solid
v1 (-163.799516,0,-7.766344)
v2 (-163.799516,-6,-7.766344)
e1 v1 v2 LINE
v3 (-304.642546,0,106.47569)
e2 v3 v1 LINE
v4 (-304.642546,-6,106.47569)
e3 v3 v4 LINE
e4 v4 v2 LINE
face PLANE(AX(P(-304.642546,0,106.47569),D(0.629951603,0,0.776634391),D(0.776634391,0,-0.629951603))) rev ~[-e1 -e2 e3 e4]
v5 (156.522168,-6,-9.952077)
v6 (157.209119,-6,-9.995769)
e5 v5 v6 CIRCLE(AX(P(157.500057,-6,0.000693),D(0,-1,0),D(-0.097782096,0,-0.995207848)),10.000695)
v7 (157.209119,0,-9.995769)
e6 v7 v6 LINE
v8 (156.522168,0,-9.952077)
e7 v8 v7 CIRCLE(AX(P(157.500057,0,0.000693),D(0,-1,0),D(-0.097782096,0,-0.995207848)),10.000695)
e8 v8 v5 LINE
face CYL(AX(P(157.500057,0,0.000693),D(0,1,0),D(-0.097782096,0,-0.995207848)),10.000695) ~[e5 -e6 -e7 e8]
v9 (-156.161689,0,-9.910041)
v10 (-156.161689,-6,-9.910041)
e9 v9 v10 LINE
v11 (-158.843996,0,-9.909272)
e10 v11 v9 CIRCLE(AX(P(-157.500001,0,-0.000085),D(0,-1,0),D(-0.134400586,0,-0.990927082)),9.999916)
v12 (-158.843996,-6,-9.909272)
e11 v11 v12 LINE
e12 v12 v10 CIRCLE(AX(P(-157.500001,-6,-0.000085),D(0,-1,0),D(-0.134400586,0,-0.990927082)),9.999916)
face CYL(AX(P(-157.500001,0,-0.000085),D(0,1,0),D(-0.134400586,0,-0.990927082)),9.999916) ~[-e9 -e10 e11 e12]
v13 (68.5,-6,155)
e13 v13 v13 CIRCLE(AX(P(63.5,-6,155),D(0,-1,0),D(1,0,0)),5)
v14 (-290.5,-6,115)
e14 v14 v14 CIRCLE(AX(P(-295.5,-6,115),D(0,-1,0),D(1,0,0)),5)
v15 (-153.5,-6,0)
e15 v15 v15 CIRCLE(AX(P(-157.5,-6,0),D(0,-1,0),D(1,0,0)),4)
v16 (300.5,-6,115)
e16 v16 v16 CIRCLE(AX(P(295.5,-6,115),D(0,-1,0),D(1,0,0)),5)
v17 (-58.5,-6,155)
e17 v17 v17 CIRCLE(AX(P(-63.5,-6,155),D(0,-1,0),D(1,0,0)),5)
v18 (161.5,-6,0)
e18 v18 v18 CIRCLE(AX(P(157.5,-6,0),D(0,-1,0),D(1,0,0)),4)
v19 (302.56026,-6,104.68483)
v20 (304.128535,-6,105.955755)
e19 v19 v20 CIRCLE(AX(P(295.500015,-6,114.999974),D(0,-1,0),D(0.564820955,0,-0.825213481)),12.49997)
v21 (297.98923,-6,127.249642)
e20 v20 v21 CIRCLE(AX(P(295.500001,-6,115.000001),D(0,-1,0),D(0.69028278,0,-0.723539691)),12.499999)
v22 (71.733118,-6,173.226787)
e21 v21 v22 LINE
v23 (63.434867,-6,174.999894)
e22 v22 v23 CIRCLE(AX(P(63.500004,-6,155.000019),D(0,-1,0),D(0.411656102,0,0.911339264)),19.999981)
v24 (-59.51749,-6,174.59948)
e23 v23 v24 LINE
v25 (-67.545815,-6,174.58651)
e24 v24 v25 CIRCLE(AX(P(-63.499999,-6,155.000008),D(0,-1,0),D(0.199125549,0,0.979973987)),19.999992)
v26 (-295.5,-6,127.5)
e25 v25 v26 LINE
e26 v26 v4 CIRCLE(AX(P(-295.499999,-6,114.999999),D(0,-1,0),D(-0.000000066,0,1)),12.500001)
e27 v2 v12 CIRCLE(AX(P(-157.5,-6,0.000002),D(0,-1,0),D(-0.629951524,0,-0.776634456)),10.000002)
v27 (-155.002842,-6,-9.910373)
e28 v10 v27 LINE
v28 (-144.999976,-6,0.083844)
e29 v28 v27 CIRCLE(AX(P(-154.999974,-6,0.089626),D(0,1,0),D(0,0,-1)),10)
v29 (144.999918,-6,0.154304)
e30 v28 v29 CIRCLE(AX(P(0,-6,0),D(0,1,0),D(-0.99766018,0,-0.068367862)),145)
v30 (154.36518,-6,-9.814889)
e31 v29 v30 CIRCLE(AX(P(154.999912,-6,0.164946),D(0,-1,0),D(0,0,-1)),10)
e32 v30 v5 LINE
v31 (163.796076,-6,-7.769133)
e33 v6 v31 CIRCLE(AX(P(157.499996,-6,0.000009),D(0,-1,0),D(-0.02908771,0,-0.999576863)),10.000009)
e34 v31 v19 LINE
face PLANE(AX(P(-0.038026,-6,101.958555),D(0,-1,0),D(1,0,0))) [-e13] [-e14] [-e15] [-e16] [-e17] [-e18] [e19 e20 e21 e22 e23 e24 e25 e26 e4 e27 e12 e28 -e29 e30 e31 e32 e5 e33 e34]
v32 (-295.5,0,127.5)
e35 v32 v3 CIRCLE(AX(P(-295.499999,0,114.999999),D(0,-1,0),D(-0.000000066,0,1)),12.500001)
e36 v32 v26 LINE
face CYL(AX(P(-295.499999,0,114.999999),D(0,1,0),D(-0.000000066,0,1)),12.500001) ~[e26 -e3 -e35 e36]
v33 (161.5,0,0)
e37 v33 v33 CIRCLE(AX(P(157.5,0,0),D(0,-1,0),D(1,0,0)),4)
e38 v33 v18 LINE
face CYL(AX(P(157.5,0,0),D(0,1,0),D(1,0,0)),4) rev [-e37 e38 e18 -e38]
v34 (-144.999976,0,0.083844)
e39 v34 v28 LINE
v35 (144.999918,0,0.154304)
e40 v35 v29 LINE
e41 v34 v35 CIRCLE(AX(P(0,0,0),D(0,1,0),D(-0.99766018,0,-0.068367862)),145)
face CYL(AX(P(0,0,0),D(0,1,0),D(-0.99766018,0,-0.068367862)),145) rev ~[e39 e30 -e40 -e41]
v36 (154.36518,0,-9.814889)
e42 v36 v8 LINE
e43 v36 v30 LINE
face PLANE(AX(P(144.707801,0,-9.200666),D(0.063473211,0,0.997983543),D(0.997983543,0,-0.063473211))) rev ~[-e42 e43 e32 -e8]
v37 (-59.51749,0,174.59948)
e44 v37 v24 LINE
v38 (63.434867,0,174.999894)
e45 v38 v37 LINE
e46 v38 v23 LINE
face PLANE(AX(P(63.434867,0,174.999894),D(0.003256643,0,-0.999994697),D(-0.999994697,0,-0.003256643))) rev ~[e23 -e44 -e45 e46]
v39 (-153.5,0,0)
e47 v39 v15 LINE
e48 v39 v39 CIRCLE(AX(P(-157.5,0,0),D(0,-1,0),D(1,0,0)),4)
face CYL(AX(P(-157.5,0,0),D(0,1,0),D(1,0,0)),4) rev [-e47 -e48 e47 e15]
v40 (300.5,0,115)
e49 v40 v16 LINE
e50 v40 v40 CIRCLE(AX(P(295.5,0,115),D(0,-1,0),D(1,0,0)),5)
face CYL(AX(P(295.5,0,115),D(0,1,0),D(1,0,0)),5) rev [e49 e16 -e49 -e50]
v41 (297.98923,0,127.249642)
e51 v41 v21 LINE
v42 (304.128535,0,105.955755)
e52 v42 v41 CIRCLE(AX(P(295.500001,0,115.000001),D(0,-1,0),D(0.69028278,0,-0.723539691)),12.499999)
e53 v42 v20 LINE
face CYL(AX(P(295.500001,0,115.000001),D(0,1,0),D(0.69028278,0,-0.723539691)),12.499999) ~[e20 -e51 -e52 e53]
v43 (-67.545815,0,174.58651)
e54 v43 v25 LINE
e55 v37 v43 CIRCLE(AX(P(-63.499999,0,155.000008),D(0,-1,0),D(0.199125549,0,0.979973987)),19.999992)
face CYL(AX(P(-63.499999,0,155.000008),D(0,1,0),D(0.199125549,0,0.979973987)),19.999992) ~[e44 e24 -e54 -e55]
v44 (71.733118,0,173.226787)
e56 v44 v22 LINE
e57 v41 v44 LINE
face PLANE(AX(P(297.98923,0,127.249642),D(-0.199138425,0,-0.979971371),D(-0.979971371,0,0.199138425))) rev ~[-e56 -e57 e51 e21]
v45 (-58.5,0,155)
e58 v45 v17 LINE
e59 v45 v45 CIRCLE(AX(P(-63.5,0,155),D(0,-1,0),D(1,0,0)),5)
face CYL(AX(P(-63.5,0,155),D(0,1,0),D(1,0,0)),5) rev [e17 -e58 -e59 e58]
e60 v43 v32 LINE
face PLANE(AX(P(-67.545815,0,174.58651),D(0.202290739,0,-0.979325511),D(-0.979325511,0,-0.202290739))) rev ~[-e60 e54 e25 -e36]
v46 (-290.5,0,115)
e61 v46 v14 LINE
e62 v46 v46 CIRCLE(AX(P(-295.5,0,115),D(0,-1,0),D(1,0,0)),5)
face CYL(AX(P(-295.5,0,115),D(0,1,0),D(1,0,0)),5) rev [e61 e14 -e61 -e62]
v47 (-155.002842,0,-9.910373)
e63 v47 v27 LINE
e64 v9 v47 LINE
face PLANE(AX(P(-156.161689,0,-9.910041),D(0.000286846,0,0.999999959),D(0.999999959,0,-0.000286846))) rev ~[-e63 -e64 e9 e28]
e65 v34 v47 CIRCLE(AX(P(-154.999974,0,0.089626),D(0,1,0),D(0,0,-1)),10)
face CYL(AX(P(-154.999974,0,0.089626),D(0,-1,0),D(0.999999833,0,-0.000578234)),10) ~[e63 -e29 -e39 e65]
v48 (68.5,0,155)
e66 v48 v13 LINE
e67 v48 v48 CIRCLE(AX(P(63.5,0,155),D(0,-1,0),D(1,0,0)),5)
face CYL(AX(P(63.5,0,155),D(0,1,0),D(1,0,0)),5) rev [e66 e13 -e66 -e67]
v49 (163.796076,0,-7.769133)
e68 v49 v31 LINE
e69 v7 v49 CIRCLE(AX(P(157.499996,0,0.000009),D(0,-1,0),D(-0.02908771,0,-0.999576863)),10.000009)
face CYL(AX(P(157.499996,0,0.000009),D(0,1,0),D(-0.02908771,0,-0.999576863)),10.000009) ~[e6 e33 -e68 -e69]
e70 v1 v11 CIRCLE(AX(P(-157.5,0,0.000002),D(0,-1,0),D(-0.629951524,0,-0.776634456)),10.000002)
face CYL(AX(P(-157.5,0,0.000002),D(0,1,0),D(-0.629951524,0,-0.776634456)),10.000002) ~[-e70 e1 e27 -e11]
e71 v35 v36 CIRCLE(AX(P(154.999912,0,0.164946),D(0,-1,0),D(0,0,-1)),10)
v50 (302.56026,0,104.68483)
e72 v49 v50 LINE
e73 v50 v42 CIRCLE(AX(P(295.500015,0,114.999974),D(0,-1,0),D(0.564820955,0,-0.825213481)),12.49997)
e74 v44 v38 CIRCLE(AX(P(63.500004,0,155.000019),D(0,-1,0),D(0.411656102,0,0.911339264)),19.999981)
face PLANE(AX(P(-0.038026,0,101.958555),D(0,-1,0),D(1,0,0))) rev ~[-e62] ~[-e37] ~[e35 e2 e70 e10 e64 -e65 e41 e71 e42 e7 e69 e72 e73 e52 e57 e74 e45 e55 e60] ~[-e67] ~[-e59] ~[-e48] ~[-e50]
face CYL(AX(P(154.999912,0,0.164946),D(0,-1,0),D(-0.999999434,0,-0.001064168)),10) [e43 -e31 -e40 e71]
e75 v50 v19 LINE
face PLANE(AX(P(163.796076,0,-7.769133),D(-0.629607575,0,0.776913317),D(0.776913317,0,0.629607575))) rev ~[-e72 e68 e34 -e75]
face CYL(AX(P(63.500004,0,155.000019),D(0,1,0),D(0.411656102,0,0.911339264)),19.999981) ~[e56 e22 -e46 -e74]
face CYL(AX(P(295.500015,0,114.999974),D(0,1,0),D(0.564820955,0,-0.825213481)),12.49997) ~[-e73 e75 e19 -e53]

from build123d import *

# Parameters (mm, degrees)
F0_R     = 4
F0_R_2   = 5
F1_DEPTH = 6
F2_R     = 10


with BuildPart() as f1:
    # F0 (on Front) → F1 (new body)
    with BuildSketch(Plane.XZ):
        with BuildLine():
            ThreePointArc((-144.660726, -9.91334), (-0.357114, 144.99956), (144.707801, -9.200666))
            Line((144.707801, -9.200666), (156.522168, -9.952077))
            Line((156.522168, -9.952077), (157.209119, -9.995769))
            ThreePointArc((157.209119, -9.995769), (160.702353, -9.47338), (163.796076, -7.769133))
            Line((163.796076, -7.769133), (302.56026, 104.68483))
            Line((302.56026, 104.68483), (304.128535, 105.955755))
            ThreePointArc((304.128535, 105.955755), (307.51077, 118.462861), (297.98923, 127.249642))
            Line((297.98923, 127.249642), (71.733118, 173.226787))
            ThreePointArc((71.733118, 173.226787), (67.679112, 174.558503), (63.434867, 174.999894))
            Line((63.434867, 174.999894), (-59.51749, 174.59948))
            ThreePointArc((-59.51749, 174.59948), (-63.53231, 174.999974), (-67.545815, 174.58651))
            Line((-67.545815, 174.58651), (-295.5, 127.5))
            ThreePointArc((-295.5, 127.5), (-306.963068, 119.984783), (-304.642546, 106.47569))
            Line((-304.642546, 106.47569), (-163.799516, -7.766344))
            ThreePointArc((-163.799516, -7.766344), (-161.469112, -9.17857), (-158.843996, -9.909272))
            Line((-158.843996, -9.909272), (-156.161689, -9.910041))
            Line((-156.161689, -9.910041), (-144.660726, -9.91334))
        make_face()
        with Locations((-157.5, 0)):
            Circle(F0_R, mode=Mode.SUBTRACT)
        with Locations((157.5, 0)):
            Circle(F0_R, mode=Mode.SUBTRACT)
        with Locations((-295.5, 115)):
            Circle(F0_R_2, mode=Mode.SUBTRACT)
        with Locations((-63.5, 155)):
            Circle(F0_R_2, mode=Mode.SUBTRACT)
        with Locations((295.5, 115)):
            Circle(F0_R_2, mode=Mode.SUBTRACT)
        with Locations((63.5, 155)):
            Circle(F0_R_2, mode=Mode.SUBTRACT)
        with BuildLine():
            Line((157.209119, -9.995769), (156.522168, -9.952077))
            ThreePointArc((156.522168, -9.952077), (156.865267, -9.979835), (157.209119, -9.995769))
        make_face()
        with BuildLine():
            ThreePointArc((-158.843996, -9.909272), (-157.502868, -10), (-156.161689, -9.910041))
            Line((-156.161689, -9.910041), (-158.843996, -9.909272))
        make_face()
        with BuildLine():
            Line((304.128535, 105.955755), (302.56026, 104.68483))
            ThreePointArc((302.56026, 104.68483), (303.370095, 105.288584), (304.128535, 105.955755))
        make_face()
    extrude(amount=F1_DEPTH)

    # F2
    f2_edges = [f1.edges().sort_by_distance(p)[0] for p in [
        (-144.660726, -3, -9.91334),
        (144.707801, -3, -9.200666),
    ]]
    fillet(f2_edges, radius=F2_R)


solid = f1.part
